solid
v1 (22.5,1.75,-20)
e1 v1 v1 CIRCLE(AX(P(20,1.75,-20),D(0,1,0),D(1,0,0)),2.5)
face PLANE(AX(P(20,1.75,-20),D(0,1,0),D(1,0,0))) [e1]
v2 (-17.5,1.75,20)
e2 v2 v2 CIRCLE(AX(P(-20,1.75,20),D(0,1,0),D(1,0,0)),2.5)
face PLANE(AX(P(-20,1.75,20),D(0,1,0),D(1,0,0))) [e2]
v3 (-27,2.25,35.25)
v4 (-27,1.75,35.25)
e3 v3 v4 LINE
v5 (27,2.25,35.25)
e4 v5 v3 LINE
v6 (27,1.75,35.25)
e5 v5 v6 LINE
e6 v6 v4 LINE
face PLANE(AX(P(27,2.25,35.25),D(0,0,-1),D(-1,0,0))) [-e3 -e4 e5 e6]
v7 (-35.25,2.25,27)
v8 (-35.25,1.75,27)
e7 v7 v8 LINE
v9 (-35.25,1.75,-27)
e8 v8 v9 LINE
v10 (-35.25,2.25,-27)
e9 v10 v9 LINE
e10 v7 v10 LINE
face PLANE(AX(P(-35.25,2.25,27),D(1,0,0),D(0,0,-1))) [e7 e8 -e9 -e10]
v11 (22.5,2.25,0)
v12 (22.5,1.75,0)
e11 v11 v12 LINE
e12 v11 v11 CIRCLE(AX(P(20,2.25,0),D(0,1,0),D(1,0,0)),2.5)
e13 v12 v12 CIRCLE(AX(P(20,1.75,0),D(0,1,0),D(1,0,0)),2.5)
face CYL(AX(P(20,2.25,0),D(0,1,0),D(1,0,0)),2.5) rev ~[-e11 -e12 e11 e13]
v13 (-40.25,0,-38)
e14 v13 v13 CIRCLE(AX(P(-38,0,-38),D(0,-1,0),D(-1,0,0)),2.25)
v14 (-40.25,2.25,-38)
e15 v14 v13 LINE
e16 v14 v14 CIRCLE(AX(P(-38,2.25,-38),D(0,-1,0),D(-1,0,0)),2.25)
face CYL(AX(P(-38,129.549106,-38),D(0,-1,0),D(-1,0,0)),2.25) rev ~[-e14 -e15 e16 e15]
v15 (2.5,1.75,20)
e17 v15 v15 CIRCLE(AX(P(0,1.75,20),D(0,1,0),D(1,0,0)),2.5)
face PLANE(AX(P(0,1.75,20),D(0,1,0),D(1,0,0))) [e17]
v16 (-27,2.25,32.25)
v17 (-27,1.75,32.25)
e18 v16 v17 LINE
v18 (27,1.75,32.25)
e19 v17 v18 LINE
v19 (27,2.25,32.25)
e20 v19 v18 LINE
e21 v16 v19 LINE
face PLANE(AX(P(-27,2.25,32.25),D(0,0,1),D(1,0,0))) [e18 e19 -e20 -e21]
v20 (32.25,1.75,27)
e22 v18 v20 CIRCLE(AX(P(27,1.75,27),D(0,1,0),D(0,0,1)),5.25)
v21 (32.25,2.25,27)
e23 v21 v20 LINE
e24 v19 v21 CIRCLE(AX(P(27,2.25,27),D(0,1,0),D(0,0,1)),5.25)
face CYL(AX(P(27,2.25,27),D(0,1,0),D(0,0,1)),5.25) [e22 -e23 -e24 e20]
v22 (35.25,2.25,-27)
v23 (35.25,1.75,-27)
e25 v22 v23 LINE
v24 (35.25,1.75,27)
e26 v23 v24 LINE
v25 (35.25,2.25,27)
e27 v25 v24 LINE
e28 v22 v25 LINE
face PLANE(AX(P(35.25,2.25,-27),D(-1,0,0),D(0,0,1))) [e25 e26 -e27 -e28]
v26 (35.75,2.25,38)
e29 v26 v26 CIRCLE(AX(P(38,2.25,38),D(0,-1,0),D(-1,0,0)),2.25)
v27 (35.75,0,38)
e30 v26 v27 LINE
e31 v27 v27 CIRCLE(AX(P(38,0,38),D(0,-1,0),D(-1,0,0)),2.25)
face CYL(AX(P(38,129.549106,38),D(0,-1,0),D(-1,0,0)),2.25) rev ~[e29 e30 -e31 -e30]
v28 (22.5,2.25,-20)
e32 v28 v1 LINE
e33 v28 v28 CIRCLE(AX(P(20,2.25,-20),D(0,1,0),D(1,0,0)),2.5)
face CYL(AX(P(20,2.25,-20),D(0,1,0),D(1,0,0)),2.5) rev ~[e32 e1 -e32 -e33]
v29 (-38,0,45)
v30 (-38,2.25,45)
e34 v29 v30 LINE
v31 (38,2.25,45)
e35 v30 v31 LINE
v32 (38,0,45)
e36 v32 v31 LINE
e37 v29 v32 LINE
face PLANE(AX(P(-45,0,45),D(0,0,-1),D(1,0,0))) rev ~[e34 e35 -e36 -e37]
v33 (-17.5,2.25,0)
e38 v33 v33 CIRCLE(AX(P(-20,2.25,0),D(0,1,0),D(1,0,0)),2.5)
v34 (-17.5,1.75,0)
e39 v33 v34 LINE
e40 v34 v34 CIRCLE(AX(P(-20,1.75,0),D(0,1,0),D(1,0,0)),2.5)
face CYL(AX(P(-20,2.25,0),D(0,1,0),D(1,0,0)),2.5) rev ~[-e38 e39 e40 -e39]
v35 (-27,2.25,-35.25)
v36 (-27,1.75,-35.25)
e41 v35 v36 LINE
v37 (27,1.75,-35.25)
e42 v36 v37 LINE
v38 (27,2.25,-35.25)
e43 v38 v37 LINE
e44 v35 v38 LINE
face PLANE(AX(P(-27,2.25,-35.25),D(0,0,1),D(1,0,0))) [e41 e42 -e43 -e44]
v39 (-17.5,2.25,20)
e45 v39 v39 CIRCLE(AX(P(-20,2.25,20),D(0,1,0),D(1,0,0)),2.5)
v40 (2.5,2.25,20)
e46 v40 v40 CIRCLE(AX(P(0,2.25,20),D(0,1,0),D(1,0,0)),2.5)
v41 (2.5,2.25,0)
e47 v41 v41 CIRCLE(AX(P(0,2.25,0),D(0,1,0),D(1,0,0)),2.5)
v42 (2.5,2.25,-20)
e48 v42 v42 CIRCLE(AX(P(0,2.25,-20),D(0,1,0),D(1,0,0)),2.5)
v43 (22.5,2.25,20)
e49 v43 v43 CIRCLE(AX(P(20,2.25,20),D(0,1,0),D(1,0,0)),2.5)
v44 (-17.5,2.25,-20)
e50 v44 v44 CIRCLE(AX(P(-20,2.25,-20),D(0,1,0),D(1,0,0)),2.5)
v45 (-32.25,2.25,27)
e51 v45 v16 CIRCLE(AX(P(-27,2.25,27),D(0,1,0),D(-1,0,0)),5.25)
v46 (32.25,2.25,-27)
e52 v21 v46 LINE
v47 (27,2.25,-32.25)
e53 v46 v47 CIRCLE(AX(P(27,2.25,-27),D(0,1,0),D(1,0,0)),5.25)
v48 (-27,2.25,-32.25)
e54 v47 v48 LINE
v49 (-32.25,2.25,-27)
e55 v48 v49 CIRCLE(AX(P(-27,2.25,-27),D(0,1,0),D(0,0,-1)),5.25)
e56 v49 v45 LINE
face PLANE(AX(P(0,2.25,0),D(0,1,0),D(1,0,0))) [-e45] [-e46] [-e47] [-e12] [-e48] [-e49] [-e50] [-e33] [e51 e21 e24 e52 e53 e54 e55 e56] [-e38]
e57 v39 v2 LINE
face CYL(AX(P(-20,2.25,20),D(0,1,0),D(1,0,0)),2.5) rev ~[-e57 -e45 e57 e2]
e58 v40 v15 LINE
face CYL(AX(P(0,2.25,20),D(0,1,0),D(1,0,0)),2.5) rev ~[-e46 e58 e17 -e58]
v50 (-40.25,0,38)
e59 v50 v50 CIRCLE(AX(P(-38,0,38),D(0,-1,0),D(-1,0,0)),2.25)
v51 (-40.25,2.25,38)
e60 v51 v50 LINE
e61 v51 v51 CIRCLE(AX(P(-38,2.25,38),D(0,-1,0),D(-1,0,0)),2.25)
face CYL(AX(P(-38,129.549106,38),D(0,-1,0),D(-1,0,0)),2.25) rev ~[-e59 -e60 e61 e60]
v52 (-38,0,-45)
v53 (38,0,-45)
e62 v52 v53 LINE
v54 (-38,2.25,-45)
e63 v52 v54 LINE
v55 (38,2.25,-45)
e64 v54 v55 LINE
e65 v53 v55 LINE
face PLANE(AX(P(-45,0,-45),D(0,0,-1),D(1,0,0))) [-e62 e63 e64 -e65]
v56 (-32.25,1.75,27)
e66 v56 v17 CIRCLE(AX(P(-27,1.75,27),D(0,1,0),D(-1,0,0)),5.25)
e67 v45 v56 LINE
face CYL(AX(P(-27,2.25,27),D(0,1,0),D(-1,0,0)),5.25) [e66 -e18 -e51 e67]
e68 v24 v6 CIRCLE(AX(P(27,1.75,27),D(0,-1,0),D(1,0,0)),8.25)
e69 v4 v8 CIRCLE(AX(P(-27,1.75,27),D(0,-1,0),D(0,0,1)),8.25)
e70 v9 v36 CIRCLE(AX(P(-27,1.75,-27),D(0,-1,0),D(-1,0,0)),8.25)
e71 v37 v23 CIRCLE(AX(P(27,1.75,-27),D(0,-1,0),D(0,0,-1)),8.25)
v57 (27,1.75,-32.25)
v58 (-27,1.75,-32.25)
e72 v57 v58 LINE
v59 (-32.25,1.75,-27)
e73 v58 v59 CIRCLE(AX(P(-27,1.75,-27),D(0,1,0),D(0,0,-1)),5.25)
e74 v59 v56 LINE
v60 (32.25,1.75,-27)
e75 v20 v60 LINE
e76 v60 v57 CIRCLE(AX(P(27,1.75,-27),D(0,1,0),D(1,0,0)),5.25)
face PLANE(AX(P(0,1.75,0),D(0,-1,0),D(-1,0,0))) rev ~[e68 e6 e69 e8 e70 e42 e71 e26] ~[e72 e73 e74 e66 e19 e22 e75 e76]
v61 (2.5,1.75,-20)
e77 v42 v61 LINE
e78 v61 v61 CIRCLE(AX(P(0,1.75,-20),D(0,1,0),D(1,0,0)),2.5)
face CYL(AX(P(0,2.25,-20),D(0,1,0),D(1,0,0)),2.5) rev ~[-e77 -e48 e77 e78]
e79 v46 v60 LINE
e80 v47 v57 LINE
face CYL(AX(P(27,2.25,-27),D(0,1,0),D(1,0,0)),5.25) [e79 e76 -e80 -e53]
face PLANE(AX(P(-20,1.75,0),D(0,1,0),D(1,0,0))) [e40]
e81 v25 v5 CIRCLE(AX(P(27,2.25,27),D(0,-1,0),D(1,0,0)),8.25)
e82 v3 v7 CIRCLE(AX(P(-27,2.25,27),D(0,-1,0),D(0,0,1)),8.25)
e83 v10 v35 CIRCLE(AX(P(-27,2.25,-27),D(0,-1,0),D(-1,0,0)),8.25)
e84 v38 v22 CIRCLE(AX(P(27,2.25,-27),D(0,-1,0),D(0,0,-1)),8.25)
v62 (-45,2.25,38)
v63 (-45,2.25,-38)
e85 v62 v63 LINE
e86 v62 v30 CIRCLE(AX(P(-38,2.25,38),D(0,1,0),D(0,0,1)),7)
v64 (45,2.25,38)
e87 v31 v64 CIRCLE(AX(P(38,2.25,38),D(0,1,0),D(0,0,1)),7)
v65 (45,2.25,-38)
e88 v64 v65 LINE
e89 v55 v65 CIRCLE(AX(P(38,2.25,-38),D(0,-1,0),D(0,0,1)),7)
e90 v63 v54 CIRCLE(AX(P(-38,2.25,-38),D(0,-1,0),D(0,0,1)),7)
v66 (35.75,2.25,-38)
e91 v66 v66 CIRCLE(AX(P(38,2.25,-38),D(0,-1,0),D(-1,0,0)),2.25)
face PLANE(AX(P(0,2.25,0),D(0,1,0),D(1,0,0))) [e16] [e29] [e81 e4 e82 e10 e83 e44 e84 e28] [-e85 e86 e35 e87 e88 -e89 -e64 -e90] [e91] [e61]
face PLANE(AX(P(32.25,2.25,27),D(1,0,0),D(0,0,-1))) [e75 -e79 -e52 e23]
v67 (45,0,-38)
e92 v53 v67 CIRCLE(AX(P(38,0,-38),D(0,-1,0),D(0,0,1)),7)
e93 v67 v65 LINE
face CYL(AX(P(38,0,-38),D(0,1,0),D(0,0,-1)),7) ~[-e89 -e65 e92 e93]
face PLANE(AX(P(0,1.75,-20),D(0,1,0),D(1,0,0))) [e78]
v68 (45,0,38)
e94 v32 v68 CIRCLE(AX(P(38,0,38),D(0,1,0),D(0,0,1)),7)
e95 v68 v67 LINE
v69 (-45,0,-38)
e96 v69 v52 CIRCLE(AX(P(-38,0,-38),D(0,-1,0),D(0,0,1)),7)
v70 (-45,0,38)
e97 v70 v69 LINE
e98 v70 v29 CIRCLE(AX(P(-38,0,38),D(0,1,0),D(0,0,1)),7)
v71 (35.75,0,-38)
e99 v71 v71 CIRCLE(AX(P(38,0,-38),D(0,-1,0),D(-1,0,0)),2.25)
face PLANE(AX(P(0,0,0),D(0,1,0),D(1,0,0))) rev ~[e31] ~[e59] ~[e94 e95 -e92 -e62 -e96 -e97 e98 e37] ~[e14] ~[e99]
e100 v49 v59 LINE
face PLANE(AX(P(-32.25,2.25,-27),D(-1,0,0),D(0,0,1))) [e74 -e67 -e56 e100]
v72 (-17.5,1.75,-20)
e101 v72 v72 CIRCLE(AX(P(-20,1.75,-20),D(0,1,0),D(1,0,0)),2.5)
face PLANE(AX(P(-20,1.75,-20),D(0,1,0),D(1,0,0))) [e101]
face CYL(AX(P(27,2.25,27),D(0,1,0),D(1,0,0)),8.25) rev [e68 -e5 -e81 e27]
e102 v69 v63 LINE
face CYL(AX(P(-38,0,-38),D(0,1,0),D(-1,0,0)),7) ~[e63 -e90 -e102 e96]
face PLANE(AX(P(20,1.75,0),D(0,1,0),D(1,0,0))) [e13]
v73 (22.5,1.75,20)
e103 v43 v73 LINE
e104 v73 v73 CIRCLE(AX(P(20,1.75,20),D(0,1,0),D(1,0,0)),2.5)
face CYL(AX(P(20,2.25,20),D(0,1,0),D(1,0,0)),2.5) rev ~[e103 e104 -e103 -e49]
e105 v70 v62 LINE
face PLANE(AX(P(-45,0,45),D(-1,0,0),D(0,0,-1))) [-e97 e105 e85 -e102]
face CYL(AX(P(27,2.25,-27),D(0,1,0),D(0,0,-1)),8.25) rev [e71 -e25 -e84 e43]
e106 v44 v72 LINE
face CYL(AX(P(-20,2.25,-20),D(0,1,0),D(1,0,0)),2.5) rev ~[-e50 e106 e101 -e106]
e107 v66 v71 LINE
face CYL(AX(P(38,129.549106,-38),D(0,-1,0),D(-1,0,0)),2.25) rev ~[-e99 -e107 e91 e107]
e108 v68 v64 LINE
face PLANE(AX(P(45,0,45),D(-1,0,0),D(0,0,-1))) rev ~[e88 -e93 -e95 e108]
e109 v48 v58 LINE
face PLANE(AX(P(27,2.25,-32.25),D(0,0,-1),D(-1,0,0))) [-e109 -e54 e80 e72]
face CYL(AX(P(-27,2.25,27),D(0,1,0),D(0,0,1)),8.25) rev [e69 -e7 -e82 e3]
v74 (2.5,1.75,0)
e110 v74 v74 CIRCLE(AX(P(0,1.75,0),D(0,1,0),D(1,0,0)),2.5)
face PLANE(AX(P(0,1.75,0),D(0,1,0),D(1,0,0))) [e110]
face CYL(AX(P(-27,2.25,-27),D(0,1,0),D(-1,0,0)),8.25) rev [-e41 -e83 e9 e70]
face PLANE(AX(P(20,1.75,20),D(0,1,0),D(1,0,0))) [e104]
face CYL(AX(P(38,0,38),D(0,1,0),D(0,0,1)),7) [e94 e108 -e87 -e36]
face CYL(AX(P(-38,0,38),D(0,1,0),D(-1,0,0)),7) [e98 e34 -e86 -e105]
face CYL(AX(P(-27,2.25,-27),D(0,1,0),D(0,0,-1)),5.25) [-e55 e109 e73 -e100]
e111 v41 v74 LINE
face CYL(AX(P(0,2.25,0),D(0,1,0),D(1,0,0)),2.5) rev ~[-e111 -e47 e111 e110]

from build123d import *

# Parameters (mm, degrees)
SKETCH1_W            = 90
SKETCH1_H            = 90
BOSS_EXTRUDE1_DEPTH  = 2.25
SKETCH2_R            = 2.5
CUT_EXTRUDE1_DEPTH   = 0.5
FILLET1_R            = 7
M4_CLEARANCE_HOLE1_D = 4.5


with BuildPart() as part:
    # Sketch1 → Boss-Extrude1 (new body)
    with BuildSketch(Plane(origin=(0, 0, 0), x_dir=(1, 0, 0), z_dir=(0, 1, 0))):
        Rectangle(SKETCH1_W, SKETCH1_H)
    extrude(amount=BOSS_EXTRUDE1_DEPTH)

    # Sketch2 → Cut-Extrude1 (cut)
    with BuildSketch(Plane(origin=(0, 2.25, 0), x_dir=(1, 0, 0), z_dir=(0, 1, 0))):
        with BuildLine():
            ThreePointArc((-35.25, 27), (-32.833630945, 32.833630945), (-27, 35.25))
            Line((-27, 35.25), (27, 35.25))
            ThreePointArc((27, 35.25), (32.833630945, 32.833630945), (35.25, 27))
            Line((35.25, 27), (35.25, -27))
            ThreePointArc((35.25, -27), (32.833630945, -32.833630945), (27, -35.25))
            Line((27, -35.25), (-27, -35.25))
            ThreePointArc((-27, -35.25), (-32.833630945, -32.833630945), (-35.25, -27))
            Line((-35.25, -27), (-35.25, 27))
        make_face()
        with BuildLine():
            Line((-27, -32.25), (27, -32.25))
            ThreePointArc((27, -32.25), (30.712310601, -30.712310601), (32.25, -27))
            Line((32.25, -27), (32.25, 27))
            ThreePointArc((32.25, 27), (30.712310601, 30.712310601), (27, 32.25))
            Line((27, 32.25), (-27, 32.25))
            ThreePointArc((-27, 32.25), (-30.712310601, 30.712310601), (-32.25, 27))
            Line((-32.25, 27), (-32.25, -27))
            ThreePointArc((-32.25, -27), (-30.712310601, -30.712310601), (-27, -32.25))
        make_face(mode=Mode.SUBTRACT)
        with Locations((-20, 20)):
            Circle(SKETCH2_R)
        with Locations((0, 20)):
            Circle(SKETCH2_R)
        with Locations((20, 20)):
            Circle(SKETCH2_R)
        with Locations((20, 0)):
            Circle(SKETCH2_R)
        with Locations((20, -20)):
            Circle(SKETCH2_R)
        with Locations((0, -20)):
            Circle(SKETCH2_R)
        Circle(SKETCH2_R)
        with Locations((-20, 0)):
            Circle(SKETCH2_R)
        with Locations((-20, -20)):
            Circle(SKETCH2_R)
    extrude(amount=-CUT_EXTRUDE1_DEPTH, mode=Mode.SUBTRACT)

    # Fillet1
    fillet1_edges = [part.edges().sort_by_distance(p)[0] for p in [
        (45, 1.125, 45),
        (-45, 1.125, 45),
        (-45, 1.125, -45),
        (45, 1.125, -45),
    ]]
    fillet(fillet1_edges, radius=FILLET1_R)

    # M4 Clearance Hole1 (through all)
    with Locations(Plane(origin=(0, 2.25, 0), x_dir=(1, 0, 0), z_dir=(0, 1, 0))):
        with Locations((-38, 38), (38, 38), (38, -38), (-38, -38)):
            Hole(M4_CLEARANCE_HOLE1_D / 2)


solid = part.part
